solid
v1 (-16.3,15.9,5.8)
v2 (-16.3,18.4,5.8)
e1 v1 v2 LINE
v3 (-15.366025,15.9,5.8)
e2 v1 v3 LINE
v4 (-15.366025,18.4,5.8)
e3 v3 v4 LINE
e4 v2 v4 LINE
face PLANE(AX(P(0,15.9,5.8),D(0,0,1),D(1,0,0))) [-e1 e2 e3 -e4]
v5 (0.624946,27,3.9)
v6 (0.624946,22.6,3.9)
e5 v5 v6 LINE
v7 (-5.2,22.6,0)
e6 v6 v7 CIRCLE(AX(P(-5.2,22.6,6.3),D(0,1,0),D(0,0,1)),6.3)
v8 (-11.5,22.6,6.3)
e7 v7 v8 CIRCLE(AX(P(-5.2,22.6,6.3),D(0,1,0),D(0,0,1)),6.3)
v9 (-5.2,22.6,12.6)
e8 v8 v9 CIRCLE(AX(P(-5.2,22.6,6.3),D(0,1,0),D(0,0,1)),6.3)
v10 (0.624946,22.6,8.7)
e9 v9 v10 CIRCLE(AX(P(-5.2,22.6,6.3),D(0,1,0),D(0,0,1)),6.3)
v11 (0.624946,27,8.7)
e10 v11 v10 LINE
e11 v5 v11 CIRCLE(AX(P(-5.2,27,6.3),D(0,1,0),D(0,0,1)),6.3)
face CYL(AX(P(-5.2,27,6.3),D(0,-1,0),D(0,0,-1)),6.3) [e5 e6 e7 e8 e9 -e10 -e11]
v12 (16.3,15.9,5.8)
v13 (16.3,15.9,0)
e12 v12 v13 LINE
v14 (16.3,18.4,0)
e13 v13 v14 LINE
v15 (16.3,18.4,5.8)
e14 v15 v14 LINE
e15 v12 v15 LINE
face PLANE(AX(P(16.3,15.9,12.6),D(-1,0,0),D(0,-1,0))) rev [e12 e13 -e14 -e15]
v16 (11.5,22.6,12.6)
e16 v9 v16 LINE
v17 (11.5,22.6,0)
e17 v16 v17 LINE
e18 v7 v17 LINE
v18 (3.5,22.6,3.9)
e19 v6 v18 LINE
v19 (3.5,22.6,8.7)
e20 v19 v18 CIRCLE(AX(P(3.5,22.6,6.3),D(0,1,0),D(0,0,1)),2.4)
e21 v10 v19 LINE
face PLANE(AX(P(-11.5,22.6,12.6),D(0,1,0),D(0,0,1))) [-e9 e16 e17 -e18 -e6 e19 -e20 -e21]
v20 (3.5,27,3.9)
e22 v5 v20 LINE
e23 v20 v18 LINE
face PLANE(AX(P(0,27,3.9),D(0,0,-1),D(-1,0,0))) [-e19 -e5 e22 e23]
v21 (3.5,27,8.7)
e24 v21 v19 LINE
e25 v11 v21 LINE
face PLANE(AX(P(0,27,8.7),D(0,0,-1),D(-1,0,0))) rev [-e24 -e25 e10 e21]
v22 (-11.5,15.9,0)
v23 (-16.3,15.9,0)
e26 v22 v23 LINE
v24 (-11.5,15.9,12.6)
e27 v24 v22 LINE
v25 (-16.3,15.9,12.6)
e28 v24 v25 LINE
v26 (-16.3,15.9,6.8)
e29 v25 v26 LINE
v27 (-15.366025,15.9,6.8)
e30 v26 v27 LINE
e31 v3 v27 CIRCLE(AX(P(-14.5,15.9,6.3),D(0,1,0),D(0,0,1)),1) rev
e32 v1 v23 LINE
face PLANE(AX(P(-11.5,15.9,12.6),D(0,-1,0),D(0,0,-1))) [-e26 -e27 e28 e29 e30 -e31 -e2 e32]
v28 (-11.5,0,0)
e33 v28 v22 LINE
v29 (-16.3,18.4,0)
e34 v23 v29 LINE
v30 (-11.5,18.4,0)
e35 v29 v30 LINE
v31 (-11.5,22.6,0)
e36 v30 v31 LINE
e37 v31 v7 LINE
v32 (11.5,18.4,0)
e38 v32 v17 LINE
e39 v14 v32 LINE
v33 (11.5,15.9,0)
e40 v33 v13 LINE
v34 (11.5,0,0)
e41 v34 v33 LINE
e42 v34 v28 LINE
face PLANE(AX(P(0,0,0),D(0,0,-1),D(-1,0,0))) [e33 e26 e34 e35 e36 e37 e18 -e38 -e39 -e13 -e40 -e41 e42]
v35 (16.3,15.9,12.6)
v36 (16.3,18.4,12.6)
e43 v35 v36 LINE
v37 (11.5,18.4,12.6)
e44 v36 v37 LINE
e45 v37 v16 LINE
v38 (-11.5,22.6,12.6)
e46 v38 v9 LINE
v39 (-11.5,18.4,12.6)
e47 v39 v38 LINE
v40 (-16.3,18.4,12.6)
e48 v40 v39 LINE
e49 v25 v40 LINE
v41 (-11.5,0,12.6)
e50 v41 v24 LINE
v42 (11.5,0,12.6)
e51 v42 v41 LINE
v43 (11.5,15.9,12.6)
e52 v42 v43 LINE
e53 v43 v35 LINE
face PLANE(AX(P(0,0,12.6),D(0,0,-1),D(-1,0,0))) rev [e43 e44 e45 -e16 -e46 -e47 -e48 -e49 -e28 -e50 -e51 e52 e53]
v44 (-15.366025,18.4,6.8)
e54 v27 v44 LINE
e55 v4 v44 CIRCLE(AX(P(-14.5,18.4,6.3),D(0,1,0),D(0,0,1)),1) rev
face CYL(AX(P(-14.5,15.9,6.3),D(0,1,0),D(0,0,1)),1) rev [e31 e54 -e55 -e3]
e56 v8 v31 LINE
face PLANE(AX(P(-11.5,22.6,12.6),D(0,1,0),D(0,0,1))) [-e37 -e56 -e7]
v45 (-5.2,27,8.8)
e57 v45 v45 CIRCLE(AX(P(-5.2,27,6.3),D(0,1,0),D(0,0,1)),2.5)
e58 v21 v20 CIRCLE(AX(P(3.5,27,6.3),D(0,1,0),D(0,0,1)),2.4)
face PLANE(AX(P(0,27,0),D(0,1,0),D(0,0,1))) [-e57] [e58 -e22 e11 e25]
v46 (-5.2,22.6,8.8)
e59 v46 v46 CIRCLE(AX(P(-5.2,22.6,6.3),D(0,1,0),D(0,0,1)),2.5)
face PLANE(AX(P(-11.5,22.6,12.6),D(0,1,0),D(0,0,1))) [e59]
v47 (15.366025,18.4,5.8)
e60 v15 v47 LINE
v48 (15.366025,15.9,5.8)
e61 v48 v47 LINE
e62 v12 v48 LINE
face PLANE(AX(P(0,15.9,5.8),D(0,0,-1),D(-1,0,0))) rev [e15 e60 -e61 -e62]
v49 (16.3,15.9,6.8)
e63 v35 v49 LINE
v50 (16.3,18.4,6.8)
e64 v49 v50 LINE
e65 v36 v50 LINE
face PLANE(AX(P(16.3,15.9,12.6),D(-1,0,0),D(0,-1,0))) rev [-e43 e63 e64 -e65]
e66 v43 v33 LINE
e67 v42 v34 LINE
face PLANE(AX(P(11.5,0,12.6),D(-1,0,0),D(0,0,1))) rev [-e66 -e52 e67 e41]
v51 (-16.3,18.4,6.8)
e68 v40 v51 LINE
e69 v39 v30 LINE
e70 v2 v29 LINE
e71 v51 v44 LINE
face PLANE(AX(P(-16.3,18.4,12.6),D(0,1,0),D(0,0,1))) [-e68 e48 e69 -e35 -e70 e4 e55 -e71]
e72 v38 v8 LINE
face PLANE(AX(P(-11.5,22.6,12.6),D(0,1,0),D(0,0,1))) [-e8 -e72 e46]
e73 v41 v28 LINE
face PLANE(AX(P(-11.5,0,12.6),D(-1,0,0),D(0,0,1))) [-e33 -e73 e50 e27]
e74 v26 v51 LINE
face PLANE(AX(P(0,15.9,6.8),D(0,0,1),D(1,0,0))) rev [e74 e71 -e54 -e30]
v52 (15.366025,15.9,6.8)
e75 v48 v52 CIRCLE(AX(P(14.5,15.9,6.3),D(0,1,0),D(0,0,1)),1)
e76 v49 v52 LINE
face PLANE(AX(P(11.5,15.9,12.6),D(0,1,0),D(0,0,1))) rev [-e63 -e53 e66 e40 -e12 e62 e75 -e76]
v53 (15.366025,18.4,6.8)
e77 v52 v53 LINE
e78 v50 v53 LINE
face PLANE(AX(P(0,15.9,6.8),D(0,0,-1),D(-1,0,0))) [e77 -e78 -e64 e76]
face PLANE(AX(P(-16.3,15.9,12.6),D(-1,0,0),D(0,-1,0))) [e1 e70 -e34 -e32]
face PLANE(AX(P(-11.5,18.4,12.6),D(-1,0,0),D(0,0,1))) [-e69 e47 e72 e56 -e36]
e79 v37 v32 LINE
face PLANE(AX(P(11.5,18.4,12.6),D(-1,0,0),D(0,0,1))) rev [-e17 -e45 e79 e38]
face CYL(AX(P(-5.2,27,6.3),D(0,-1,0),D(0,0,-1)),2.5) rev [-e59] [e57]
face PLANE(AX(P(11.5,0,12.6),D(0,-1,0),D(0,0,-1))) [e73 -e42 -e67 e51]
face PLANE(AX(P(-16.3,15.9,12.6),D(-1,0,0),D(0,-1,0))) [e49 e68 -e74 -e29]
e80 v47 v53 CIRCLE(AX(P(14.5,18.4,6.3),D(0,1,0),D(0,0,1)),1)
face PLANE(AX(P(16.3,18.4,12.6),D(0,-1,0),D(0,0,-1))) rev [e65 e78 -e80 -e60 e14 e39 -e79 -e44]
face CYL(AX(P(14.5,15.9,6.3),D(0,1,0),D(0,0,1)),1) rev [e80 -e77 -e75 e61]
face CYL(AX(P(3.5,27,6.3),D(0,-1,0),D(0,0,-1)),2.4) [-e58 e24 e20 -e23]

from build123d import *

# Parameters (mm, degrees)
SALIENTE_EXTRUIR1_DEPTH = 12.6
CROQUIS2_R              = 1
CROQUIS2_W              = 0.933974596
CROQUIS2_H              = 1
CORTAR_EXTRUIR2_DEPTH   = 2.5
CROQUIS4_R              = 6.3
CROQUIS4_R_2            = 2.5
CROQUIS4_R_3            = 2.4
CROQUIS4_W              = 4.8
CROQUIS4_H              = 4.8
SALIENTE_EXTRUIR4_DEPTH = 4.4


with BuildPart() as part:
    # Croquis1 → Saliente-Extruir1 (new body)
    with BuildSketch(Plane.XY):
        Polygon((11.5, 0), (-11.5, 0), (-11.5, 15.9), (-16.3, 15.9), (-16.3, 18.4), (-11.5, 18.4), (-11.5, 22.6), (11.5, 22.6), (11.5, 18.4), (16.3, 18.4), (16.3, 15.9), (11.5, 15.9), align=None)
    extrude(amount=SALIENTE_EXTRUIR1_DEPTH)

    # Croquis2 → Cortar-Extruir2 (cut)
    with BuildSketch(Plane(origin=(0, 18.4, 0), x_dir=(1, 0, 0), z_dir=(0, 1, 0))):
        with Locations((-14.5, -6.3)):
            Circle(CROQUIS2_R)
        with Locations((14.5, -6.3)):
            Circle(CROQUIS2_R)
        with Locations((-15.833012702, -6.3)):
            Rectangle(CROQUIS2_W, CROQUIS2_H)
        with Locations((15.833012702, -6.3)):
            Rectangle(CROQUIS2_W, CROQUIS2_H)
    extrude(amount=-CORTAR_EXTRUIR2_DEPTH, mode=Mode.SUBTRACT)

    # Croquis4 → Saliente-Extruir4 (add)
    with BuildSketch(Plane(origin=(0, 22.6, 0), x_dir=(1, 0, 0), z_dir=(0, 1, 0))):
        with Locations((-5.2, -6.3)):
            Circle(CROQUIS4_R)
        with Locations((-5.2, -6.3)):
            Circle(CROQUIS4_R_2, mode=Mode.SUBTRACT)
        with Locations((3.5, -6.3)):
            Circle(CROQUIS4_R_3)
        with Locations((1.1, -6.3)):
            Rectangle(CROQUIS4_W, CROQUIS4_H)
    extrude(amount=SALIENTE_EXTRUIR4_DEPTH)


solid = part.part
